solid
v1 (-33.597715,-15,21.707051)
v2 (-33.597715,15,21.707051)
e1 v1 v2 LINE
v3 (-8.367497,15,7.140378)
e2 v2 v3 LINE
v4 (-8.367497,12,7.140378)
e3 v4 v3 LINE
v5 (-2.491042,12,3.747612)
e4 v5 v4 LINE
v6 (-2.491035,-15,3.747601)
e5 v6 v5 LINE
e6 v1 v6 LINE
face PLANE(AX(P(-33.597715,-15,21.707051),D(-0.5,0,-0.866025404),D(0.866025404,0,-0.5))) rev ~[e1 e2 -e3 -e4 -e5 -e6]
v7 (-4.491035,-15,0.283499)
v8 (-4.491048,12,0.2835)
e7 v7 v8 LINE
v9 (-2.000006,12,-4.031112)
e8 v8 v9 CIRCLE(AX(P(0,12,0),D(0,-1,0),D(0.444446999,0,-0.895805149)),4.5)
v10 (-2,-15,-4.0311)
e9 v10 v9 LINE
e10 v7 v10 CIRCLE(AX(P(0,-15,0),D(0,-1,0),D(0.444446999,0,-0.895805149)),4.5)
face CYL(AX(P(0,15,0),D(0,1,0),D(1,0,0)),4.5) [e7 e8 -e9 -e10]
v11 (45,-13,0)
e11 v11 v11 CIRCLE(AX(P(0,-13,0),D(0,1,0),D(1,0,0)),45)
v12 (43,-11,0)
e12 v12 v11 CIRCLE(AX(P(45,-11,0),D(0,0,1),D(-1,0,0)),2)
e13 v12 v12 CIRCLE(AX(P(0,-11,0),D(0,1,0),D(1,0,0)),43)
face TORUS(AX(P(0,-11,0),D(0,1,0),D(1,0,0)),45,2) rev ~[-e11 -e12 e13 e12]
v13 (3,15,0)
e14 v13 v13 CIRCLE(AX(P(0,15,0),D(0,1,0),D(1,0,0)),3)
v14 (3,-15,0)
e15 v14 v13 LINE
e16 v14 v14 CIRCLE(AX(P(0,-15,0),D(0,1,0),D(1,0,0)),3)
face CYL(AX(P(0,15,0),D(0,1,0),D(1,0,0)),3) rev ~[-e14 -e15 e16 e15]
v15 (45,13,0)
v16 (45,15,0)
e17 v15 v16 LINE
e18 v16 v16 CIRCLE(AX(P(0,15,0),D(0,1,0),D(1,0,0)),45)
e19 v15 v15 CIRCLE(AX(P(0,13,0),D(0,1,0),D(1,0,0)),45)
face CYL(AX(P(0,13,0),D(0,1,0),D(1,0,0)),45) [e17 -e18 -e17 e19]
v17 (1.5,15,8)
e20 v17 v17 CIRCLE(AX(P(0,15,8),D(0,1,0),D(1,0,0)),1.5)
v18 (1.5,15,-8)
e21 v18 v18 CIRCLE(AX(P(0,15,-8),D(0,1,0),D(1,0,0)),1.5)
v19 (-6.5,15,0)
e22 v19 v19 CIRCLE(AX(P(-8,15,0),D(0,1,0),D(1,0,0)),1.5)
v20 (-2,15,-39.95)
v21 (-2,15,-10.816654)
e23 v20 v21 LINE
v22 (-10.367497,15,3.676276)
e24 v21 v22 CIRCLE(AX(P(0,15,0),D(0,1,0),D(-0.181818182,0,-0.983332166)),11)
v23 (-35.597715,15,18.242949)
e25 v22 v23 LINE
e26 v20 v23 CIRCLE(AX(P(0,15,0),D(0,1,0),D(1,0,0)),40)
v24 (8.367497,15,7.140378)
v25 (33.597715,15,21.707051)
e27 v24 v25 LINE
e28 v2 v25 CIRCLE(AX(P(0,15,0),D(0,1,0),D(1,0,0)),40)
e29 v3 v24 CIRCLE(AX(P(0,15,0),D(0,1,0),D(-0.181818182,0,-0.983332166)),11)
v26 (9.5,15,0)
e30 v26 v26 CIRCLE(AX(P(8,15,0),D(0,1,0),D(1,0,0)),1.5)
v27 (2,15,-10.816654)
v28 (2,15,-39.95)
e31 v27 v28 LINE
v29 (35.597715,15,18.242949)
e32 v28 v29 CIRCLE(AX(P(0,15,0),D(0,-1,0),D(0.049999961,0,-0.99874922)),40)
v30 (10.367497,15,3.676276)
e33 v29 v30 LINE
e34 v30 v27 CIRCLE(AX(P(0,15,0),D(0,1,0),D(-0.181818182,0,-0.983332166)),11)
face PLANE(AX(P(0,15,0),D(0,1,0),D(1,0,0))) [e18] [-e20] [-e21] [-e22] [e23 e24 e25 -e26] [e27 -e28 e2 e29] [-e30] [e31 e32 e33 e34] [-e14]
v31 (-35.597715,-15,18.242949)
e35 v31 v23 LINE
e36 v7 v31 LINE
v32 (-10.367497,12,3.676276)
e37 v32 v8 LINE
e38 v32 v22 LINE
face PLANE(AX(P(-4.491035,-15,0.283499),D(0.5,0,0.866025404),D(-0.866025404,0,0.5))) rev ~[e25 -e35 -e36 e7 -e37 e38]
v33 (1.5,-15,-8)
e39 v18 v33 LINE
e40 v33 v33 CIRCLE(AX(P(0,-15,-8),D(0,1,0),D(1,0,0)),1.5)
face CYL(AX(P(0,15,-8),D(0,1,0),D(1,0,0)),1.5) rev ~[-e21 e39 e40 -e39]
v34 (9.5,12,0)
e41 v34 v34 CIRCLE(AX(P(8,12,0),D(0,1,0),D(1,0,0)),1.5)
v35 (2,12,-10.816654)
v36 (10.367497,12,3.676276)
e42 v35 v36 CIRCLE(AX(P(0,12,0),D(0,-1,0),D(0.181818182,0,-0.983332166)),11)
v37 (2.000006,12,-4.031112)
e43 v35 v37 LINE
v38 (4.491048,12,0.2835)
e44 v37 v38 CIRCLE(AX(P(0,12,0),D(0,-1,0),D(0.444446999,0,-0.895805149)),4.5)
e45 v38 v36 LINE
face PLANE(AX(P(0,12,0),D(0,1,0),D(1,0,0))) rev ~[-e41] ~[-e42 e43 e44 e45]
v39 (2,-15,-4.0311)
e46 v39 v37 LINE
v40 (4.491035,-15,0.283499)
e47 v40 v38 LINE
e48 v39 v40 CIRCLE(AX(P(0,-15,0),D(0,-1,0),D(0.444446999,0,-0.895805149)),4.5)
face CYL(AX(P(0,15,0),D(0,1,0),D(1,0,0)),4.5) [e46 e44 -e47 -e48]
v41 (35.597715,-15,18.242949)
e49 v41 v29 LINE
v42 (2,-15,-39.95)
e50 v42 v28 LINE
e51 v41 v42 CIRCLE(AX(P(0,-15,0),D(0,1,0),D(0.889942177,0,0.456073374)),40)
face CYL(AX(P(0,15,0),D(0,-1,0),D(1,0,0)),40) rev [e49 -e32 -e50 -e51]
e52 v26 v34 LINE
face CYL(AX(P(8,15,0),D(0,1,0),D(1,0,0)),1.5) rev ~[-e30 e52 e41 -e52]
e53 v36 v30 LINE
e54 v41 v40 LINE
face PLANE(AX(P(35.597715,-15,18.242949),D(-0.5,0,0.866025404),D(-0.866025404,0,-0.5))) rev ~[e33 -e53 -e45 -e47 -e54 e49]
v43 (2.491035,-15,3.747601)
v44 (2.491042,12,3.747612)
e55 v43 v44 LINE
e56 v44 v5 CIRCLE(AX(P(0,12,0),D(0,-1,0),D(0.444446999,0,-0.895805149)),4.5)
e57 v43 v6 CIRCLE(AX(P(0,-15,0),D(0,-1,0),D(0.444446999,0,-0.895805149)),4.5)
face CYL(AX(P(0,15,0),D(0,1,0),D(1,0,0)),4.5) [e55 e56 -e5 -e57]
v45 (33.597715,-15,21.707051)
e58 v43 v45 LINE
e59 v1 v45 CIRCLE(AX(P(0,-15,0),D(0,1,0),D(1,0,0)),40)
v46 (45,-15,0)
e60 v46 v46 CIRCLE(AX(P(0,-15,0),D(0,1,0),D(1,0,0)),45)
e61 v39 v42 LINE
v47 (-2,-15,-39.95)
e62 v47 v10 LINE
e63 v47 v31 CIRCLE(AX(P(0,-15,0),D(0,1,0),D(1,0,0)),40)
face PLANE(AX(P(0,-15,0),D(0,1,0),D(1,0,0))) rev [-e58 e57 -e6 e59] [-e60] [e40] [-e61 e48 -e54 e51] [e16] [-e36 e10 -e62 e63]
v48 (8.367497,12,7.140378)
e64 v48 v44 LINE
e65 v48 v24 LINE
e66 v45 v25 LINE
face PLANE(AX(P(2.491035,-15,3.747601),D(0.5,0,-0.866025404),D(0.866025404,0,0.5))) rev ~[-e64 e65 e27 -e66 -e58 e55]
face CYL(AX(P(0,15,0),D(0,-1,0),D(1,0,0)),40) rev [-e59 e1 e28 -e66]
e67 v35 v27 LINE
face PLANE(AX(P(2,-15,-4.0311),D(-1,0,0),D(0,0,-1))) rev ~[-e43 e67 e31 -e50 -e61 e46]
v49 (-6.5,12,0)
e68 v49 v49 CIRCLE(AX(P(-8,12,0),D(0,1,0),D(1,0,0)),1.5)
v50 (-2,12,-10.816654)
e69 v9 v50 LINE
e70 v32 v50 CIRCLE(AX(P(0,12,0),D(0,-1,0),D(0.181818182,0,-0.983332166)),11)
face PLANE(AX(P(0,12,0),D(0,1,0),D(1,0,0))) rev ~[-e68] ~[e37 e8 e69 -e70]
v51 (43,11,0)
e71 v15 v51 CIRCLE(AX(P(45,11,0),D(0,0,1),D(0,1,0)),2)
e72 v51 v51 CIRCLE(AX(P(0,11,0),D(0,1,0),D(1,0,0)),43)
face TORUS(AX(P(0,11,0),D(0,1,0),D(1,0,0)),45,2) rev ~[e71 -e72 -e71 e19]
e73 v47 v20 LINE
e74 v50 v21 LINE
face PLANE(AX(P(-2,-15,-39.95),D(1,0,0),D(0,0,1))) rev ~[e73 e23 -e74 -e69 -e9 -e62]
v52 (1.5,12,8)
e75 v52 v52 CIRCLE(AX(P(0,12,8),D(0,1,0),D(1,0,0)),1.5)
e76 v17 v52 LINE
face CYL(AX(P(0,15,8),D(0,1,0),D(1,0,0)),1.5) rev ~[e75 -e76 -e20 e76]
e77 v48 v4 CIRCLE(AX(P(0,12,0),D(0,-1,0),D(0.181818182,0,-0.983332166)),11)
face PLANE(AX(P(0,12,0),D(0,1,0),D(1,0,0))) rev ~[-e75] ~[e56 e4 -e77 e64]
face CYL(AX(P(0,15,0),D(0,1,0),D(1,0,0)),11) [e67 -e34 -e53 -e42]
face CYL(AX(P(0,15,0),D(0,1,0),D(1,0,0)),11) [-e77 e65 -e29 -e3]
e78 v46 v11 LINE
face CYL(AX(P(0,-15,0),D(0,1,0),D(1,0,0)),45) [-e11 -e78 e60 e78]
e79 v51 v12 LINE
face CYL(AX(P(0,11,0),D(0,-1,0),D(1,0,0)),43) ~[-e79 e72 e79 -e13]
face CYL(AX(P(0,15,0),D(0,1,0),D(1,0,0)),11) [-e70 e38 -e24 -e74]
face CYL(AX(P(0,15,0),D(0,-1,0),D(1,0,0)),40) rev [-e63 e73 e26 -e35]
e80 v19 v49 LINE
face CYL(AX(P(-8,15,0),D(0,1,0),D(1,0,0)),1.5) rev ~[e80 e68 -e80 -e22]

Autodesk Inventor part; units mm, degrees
ref_plane "YZ Plane" through (0, 0, 0) normal (1, 0, 0) x (0, 1, 0)
ref_plane "XZ Plane" through (0, 0, 0) normal (0, 1, 0) x (-1, 0, 0)
ref_plane "XY Plane" through (0, 0, 0) normal (0, 0, 1) x (1, 0, 0)
sketch "Эскиз1" plane through (0, 0, 0) normal (0, 0, 1) x (1, 0, 0)
  line L0 (0, 0) -> (40, 0)
  line L1 (0, 0) -> (0, 10)
  line L2 (40, 0) -> (40, -15) construction
  line L3 (40, -15) -> (45, -15)
  line L4 (45, 15) -> (40, 15)
  line L5 (40, 15) -> (40, -15)
  line L6 (40, 15) -> (40, 13) construction
  line L7 (40, 13) -> (45, 13) construction
  line L8 (40, -15) -> (40, -13) construction
  line L9 (40, -13) -> (45, -13) construction
  line L10 (45, -13) -> (45, -11) construction
  line L11 (45, -11) -> (45, -9) construction
  arc A0 (43, -11) -> (45, -13) centre (45, -11) ccw
  arc A1 (45, 13) -> (43, 11) centre (45, 11) ccw
  line L12 (43, 11) -> (43, -11)
  line L13 (45, -15) -> (45, -13)
  line L14 (45, 13) -> (45, 15)
  dimension "d0" = 40
  dimension "d1" = 10
  dimension "d2" = 15
  dimension "d3" = 5
  dimension "d4" = 30
  dimension "d5" = 2
  dimension "d6" = 2
revolve "Вращение1" add sketch "Эскиз1" angle 360 about axis through (0, 0, 0) along (0, 1, 0)
sketch "Эскиз7" plane through (0, 15, 0) normal (0, 1, 0) x (1, 0, 0)
  circle A0 centre (0, 0) radius 11
  dimension "d29" = 22
extrude "Выдавливание5" add sketch "Эскиз7" against normal blind 3
sketch "Эскиз8" plane through (0, 15, 0) normal (0, 1, 0) x (1, 0, 0)
  circle A0 centre (0, 0) radius 3
  circle A1 centre (0, 0) radius 4.5
  dimension "d32" = 6
  dimension "d33" = 9
extrude "Выдавливание6" cut sketch "Эскиз8" against normal blind 3 contours A0
extrude "Выдавливание7" add sketch "Эскиз8" against normal up to surface (30 mm away)
sketch "Эскиз10" plane through (0, 15, 0) normal (0, 1, 0) x (1, 0, 0)
  line L0 (0, 0) -> (8, 0) construction
  circle A0 centre (8, 0) radius 1.5
  circle A1 centre (0, 0) radius 3 construction
  circle A2 centre (0, 8) radius 1.5
  circle A3 centre (-8, 0) radius 1.5
  circle A4 centre (0, -8) radius 1.5
  dimension "d38" = 8
  dimension "d39" = 3
  dimension "d42" = 360
extrude "Выдавливание8" cut sketch "Эскиз10" against normal blind 3
sketch "Эскиз11" plane through (0, -15, 0) normal (0, -1, 0) x (1, 0, 0)
  circle A0 centre (0, 0) radius 3 projected
  circle A1 centre (0, 0) radius 4.5 projected
  circle A2 centre (0, 0) radius 45 projected
  circle A3 centre (0, 0) radius 40 projected
  line L0 (0, -4.5) -> (0, -40) construction
  circle A4 centre (0, 0) radius 40 construction
  line L1 (-2, -39.95) -> (-2, -4.0311)
  line L2 (2, -4.0311) -> (2, -39.95)
  line L3 (1.8638, -39.9566) -> (-1.9134, -4.073) construction
  line L4 (-1.8638, -39.9566) -> (1.9134, -4.073) construction
  circle A5 centre (0, -8) radius 1.5 projected
  arc A6 (-2, -39.95) -> (2, -39.95) centre (0, 0) ccw
  arc A7 (-2, -4.0311) -> (1.9134, -4.073) centre (0, 0) ccw
  point P0 (0, -22.25)
extrude "Выдавливание9" add sketch "Эскиз11" against normal up to surface (30 mm away) contours A1 L2 A3 L1 | A5 picked at (0.0603, -29.826)
pattern_circular "Круговой массив1" count 3 over 360 about axis through (0, 15, 0) along (0, -1, 0) of "Выдавливание9"
sketch "Эскиз12" plane through (0, 15, 0) normal (0, 1, 0) x (1, 0, 0)
  circle A0 centre (8, 0) radius 1.5 projected
  circle A1 centre (0, 0) radius 3 projected
  circle A2 centre (8, 0) radius 1.5
  circle A3 centre (0, 8) radius 1.5
  circle A4 centre (-8, 0) radius 1.5
  circle A5 centre (0, -8) radius 1.5
  dimension "d55" = 360
extrude "Выдавливание10" cut sketch "Эскиз12" against normal up to next contours A3
properties part number "Wheel"
